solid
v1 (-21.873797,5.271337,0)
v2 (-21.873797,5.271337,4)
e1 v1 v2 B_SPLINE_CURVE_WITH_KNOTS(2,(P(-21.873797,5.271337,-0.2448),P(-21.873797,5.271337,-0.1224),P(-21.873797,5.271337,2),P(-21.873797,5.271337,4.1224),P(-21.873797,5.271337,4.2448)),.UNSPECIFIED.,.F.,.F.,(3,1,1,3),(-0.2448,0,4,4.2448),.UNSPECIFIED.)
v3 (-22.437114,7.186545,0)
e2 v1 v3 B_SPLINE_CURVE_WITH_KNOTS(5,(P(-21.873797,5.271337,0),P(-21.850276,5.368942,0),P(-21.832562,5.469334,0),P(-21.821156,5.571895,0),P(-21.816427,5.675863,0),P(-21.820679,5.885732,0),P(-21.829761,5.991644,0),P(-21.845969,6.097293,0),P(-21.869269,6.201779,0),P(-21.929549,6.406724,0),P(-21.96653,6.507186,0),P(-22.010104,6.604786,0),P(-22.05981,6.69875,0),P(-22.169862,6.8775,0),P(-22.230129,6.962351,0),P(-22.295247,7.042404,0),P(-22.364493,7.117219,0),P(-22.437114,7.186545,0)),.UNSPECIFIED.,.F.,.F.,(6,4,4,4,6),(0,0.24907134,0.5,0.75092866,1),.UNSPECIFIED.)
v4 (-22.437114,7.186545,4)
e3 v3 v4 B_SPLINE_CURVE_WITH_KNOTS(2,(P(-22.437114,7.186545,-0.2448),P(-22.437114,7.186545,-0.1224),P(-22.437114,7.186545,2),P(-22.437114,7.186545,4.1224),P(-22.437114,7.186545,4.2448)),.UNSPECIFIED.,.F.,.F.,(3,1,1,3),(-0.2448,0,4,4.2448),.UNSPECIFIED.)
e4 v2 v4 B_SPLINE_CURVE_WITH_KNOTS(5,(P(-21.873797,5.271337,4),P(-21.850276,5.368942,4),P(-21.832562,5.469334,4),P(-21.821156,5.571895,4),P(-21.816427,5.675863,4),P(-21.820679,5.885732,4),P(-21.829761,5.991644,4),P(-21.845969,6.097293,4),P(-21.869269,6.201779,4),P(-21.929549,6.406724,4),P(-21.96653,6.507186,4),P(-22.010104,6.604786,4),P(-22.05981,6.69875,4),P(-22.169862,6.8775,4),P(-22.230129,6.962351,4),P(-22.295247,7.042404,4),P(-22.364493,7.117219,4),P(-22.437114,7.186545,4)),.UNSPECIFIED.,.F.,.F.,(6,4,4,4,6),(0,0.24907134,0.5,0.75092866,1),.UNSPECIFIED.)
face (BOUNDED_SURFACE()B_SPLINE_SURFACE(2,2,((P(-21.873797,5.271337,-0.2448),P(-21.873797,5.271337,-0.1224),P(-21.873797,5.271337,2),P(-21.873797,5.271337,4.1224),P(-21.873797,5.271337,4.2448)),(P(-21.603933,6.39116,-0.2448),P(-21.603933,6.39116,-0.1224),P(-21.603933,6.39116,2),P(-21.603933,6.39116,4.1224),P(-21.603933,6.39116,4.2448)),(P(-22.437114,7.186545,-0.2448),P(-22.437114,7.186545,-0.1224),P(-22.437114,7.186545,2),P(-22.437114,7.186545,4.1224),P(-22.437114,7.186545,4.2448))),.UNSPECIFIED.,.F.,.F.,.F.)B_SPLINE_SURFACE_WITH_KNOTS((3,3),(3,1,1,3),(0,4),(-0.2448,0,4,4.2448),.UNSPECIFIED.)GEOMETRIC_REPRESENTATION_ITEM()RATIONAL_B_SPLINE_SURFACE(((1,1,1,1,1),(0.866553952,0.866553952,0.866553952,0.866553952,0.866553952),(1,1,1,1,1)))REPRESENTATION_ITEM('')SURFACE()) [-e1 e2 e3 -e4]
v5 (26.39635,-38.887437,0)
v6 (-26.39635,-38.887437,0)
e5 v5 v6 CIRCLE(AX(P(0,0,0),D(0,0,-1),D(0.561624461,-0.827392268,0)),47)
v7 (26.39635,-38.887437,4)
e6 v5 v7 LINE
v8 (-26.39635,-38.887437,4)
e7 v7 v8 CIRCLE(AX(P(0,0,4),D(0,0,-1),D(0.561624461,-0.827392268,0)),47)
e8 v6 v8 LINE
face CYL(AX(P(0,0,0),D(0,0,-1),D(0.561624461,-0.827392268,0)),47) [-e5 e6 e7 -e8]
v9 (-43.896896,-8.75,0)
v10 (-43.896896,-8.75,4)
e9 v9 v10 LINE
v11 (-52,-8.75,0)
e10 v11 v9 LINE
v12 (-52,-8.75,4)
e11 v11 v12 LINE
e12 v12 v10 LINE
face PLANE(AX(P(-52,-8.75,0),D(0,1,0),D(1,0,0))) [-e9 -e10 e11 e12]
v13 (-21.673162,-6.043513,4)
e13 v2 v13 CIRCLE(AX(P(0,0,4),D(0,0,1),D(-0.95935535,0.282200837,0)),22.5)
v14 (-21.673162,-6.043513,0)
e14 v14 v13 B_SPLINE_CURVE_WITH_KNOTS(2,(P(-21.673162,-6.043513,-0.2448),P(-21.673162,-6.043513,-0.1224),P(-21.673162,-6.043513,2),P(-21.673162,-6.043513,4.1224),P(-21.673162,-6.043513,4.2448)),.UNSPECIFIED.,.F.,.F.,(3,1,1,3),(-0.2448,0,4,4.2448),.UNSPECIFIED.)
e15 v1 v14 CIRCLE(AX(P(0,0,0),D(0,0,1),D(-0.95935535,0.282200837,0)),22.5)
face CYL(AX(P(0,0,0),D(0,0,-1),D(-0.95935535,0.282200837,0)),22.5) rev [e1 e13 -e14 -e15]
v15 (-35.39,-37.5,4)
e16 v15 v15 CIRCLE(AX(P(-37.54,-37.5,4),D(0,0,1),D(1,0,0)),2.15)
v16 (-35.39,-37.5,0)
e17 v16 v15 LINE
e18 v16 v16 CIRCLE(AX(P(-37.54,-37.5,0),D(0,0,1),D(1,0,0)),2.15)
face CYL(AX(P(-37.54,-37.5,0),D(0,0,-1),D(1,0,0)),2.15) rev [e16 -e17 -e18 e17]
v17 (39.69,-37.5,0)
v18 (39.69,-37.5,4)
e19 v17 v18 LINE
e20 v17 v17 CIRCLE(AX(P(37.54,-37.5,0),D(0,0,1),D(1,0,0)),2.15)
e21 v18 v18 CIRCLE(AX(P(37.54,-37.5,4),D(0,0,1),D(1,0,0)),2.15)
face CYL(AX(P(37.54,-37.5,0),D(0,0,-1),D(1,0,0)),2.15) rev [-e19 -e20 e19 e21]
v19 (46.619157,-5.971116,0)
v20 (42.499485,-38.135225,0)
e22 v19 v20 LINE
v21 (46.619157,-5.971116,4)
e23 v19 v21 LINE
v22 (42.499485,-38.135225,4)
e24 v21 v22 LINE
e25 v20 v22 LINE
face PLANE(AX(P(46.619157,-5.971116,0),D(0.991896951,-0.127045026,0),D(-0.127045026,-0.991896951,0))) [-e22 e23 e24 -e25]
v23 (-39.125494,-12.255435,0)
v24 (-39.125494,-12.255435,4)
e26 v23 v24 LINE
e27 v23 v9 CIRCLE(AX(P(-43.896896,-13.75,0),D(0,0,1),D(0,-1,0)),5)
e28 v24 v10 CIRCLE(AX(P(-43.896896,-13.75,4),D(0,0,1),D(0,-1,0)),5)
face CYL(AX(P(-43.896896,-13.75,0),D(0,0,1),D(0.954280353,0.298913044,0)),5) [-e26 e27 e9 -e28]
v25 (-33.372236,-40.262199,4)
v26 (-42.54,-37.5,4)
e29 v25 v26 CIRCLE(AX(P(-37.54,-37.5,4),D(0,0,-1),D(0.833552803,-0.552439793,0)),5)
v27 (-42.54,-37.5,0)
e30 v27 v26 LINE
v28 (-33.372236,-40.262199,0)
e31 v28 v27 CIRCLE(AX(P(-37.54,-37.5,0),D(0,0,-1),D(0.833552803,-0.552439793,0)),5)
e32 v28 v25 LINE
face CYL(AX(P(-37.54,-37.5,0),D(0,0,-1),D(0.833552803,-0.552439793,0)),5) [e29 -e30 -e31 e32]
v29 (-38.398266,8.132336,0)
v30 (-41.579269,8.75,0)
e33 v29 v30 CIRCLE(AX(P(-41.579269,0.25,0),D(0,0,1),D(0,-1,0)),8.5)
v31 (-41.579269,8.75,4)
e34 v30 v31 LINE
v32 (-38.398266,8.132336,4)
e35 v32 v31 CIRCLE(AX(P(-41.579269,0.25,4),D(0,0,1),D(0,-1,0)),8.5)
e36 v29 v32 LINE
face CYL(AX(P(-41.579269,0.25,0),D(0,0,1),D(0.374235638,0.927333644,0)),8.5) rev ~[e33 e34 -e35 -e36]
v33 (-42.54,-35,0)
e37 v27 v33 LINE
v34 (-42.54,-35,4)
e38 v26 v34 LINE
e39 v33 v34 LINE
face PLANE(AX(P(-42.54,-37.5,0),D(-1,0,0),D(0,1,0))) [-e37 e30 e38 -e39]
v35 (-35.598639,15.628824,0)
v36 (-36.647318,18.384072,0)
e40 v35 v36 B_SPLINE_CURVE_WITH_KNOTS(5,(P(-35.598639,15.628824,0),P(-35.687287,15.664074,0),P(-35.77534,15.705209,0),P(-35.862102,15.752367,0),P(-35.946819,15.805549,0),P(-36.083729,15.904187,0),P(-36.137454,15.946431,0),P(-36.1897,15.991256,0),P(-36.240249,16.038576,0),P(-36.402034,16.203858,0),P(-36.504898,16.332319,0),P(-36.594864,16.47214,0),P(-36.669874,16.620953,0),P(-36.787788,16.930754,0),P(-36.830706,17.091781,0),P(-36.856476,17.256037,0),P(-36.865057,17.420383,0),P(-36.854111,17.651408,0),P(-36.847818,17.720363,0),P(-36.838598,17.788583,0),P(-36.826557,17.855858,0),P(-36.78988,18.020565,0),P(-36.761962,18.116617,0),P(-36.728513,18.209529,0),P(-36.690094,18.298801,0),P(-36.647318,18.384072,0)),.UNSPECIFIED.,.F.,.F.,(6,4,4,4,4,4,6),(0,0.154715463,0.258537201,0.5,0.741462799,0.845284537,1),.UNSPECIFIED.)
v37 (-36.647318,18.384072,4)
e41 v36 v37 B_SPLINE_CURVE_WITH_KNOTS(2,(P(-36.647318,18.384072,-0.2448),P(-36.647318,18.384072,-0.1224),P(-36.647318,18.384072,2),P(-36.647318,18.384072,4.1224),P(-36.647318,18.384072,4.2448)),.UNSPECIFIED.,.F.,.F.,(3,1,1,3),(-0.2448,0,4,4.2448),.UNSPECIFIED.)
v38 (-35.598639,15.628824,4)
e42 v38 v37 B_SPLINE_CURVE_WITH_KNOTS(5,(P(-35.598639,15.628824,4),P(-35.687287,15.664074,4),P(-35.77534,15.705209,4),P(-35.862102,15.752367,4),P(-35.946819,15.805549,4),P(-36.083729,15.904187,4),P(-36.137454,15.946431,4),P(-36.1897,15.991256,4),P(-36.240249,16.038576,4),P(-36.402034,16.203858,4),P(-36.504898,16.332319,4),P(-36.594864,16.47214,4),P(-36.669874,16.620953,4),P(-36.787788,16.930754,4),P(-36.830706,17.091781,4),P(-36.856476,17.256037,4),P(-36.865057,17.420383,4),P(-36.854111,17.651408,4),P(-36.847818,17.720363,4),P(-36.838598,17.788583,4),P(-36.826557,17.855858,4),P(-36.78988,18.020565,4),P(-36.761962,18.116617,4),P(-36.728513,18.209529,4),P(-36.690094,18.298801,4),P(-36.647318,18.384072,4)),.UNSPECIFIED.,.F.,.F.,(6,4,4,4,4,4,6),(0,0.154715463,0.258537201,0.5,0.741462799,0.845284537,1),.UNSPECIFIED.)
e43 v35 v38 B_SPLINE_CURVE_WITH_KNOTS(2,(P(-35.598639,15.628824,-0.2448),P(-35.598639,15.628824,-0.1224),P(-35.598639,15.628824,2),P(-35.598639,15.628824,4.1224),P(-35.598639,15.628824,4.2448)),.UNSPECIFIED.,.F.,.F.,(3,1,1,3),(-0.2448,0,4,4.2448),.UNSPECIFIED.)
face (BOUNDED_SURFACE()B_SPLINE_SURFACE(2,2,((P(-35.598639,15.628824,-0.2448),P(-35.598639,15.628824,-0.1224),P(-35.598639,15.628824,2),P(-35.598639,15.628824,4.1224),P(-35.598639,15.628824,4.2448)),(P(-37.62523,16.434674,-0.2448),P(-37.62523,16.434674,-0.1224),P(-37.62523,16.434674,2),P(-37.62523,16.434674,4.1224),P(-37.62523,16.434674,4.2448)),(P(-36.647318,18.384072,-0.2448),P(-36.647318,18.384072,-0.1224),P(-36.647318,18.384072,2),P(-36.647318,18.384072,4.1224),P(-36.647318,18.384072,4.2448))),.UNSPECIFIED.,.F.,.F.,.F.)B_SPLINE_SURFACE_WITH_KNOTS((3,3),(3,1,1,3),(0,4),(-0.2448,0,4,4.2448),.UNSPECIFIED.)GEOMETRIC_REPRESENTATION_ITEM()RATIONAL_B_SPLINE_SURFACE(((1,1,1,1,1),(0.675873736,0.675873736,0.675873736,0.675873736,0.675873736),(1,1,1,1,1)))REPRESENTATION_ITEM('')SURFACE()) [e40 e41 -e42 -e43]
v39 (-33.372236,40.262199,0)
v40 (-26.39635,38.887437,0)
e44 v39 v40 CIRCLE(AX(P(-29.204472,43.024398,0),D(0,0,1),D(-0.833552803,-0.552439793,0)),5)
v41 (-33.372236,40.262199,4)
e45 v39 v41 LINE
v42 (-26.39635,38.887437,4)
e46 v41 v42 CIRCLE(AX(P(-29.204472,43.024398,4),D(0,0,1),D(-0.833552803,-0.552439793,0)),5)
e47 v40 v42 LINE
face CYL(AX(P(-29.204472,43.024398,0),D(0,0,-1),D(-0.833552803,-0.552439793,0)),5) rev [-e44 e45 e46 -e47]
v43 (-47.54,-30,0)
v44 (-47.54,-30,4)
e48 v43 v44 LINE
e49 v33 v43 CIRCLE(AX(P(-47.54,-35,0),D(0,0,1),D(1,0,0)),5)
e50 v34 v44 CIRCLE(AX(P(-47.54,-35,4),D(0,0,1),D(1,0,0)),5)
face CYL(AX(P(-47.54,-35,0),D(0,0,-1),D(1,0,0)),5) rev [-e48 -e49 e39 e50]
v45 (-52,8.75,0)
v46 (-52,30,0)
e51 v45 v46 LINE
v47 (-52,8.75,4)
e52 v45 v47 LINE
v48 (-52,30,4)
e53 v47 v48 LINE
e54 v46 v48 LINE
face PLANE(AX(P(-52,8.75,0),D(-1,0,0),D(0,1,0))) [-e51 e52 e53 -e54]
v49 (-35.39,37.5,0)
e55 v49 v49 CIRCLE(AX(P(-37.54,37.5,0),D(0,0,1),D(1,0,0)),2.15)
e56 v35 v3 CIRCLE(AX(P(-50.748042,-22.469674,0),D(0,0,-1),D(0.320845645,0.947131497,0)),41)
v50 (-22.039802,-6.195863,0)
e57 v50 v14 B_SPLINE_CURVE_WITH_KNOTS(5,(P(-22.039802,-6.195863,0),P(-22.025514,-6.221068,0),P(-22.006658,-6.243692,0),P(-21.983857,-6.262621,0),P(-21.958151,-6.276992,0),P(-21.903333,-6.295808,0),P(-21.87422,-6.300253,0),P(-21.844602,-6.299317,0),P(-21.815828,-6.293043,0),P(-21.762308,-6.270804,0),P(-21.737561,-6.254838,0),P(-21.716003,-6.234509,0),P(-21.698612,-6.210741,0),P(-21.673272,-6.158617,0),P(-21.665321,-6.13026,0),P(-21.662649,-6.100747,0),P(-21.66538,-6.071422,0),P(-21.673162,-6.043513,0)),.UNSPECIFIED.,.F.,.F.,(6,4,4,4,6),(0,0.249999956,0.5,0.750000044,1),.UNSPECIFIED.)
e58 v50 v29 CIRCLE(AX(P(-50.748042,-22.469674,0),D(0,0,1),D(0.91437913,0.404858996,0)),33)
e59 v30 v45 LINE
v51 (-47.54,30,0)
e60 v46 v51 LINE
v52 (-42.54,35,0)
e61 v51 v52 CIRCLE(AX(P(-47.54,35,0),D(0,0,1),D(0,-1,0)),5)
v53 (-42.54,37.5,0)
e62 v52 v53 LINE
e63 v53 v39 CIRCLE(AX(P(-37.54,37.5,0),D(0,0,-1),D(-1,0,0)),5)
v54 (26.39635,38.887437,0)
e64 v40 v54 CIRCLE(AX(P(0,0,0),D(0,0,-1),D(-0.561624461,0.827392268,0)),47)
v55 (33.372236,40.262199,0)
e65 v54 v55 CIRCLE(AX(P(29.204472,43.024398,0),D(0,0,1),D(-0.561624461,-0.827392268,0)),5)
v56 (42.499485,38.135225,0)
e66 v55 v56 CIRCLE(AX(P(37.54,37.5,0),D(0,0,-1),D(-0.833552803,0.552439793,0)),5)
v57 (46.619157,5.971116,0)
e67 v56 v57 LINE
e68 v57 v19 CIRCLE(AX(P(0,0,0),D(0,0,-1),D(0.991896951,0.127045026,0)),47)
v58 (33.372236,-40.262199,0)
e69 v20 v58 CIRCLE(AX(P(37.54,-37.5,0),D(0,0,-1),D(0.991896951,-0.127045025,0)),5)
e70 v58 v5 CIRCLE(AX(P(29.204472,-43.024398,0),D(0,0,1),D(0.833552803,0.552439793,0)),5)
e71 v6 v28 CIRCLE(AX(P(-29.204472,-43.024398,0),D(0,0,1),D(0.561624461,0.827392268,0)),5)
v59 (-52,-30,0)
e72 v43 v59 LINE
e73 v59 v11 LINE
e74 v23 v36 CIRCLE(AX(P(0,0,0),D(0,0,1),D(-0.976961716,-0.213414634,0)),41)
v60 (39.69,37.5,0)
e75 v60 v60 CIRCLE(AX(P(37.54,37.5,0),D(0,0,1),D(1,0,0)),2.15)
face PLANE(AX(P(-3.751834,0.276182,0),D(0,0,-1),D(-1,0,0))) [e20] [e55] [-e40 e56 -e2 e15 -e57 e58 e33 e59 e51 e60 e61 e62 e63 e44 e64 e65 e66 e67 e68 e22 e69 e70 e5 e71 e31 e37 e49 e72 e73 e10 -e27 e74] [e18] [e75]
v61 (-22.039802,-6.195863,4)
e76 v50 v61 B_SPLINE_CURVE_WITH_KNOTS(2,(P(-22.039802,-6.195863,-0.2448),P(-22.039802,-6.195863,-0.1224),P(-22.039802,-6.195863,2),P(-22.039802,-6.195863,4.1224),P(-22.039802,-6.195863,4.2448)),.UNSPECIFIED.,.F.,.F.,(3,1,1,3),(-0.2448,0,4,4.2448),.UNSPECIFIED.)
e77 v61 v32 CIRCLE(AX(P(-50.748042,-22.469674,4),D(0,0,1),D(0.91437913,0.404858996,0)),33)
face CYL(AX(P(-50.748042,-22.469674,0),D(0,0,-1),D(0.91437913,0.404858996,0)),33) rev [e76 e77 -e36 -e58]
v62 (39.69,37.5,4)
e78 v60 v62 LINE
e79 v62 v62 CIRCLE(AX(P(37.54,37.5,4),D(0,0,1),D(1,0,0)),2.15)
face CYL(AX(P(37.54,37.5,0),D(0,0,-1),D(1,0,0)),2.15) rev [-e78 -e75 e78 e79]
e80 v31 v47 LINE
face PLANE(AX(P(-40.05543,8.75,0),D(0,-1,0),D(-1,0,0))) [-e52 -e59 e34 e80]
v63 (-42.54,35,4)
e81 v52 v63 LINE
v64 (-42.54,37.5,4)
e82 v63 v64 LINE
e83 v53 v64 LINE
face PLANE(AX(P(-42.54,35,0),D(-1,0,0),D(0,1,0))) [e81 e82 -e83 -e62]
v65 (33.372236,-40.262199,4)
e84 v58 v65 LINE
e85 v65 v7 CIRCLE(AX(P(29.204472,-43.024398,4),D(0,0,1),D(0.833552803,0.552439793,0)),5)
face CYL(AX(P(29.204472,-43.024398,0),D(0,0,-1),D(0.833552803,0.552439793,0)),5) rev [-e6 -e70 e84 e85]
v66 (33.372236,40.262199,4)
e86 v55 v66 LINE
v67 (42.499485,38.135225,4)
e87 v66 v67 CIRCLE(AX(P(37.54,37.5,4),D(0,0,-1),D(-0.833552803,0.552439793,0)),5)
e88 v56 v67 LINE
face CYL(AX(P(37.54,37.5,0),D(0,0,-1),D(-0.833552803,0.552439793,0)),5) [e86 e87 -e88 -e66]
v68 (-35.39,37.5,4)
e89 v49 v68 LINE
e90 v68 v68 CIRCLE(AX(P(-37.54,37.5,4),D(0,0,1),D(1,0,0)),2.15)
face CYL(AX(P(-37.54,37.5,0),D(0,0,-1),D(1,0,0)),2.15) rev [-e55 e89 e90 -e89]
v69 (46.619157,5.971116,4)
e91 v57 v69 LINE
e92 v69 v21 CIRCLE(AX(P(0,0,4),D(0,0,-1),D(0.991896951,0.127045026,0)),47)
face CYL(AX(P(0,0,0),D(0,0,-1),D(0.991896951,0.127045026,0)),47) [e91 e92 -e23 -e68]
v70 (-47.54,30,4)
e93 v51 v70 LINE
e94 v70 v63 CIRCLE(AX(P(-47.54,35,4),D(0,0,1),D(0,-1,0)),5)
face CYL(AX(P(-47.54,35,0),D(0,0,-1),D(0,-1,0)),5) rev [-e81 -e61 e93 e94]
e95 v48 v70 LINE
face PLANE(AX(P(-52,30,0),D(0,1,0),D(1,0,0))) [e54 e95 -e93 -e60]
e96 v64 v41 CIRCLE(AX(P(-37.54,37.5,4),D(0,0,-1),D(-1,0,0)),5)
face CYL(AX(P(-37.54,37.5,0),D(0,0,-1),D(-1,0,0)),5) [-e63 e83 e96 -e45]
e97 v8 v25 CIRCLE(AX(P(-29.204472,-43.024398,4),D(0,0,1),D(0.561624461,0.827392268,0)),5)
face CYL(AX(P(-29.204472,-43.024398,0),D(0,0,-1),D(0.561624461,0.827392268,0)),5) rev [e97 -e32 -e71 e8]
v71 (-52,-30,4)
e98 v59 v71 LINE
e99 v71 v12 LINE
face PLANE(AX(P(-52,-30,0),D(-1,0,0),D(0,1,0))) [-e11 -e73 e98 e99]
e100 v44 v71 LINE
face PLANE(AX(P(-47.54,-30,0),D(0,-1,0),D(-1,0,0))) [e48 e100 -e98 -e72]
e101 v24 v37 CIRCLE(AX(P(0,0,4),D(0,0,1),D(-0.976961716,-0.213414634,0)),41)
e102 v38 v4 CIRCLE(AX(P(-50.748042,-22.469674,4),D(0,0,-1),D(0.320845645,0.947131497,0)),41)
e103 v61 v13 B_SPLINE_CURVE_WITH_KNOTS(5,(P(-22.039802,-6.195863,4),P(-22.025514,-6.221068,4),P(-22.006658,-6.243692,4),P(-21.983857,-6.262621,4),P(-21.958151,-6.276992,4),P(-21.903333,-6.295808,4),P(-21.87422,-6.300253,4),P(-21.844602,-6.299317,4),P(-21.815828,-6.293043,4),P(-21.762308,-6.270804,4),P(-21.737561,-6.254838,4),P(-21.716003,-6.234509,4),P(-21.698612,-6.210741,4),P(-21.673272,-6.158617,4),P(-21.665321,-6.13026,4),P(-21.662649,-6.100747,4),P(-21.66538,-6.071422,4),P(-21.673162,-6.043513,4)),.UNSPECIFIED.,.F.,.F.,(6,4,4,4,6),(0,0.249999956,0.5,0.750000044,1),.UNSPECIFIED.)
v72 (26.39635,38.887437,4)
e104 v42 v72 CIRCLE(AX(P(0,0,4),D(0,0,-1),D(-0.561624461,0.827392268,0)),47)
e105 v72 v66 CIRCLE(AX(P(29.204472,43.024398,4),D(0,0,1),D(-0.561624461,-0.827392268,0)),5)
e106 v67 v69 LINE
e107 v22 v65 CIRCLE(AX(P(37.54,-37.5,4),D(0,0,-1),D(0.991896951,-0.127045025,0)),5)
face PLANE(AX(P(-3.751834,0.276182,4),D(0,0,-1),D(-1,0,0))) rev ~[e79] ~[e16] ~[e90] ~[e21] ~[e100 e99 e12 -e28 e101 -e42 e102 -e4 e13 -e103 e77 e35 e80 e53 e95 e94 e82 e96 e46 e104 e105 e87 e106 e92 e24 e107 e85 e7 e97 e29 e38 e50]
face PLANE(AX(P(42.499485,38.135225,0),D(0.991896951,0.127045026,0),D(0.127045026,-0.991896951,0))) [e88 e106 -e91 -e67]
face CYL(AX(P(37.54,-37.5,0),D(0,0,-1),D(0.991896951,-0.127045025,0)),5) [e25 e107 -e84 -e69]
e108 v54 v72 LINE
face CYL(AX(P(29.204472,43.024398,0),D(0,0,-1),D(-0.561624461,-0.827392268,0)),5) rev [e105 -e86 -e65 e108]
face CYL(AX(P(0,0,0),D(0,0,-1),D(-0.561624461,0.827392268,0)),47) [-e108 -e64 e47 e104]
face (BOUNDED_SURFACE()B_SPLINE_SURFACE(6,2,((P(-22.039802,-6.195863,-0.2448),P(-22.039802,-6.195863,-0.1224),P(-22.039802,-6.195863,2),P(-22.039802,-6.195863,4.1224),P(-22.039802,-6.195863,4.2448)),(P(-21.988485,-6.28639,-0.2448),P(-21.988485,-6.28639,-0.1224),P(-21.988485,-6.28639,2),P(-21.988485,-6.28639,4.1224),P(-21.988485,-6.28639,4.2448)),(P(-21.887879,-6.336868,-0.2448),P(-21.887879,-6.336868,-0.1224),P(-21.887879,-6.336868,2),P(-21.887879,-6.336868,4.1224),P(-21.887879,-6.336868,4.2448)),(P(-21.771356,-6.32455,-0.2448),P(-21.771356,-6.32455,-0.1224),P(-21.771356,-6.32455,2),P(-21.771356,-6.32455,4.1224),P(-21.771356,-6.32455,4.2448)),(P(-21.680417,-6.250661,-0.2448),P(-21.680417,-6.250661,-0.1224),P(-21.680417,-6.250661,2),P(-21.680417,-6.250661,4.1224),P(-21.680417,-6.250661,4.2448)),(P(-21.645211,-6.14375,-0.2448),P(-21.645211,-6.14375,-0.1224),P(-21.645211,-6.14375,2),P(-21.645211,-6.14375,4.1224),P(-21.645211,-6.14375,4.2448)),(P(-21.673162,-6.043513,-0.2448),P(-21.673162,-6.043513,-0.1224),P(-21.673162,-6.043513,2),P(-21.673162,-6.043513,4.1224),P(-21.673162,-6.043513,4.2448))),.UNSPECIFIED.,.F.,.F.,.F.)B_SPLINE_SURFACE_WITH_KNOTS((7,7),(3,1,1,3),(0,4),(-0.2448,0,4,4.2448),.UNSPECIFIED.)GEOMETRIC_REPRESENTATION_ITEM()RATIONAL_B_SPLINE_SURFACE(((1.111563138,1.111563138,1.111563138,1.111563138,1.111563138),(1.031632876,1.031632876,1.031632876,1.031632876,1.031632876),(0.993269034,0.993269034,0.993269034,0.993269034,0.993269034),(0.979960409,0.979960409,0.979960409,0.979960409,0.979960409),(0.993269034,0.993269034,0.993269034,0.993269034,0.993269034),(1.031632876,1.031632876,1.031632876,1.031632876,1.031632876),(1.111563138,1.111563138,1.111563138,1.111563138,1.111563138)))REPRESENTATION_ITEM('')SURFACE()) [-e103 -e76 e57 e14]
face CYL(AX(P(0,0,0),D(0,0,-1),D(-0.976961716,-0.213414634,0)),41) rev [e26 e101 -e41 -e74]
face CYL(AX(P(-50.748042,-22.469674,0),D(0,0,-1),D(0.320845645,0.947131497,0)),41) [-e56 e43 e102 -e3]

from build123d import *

# Parameters (mm, degrees)
SKETCH_1_R      = 2.15
EXTRUDE_1_DEPTH = 4
FILLET_1_R      = 0.2
FILLET_2_R      = 2
FILLET_3_R      = 2
FILLET_4_R      = 8.5
FILLET_5_R      = 5


with BuildPart() as part:
    # 草图1 → 凸台-拉伸1 (new body)
    with BuildSketch(Plane.XY):
        with BuildLine():
            Line((-52, 8.75), (-52, 30))
            Line((-52, 30), (-47.54, 30))
            ThreePointArc((-47.54, 30), (-44.004466094, 31.464466094), (-42.54, 35))
            Line((-42.54, 35), (-42.54, 37.5))
            ThreePointArc((-42.54, 37.5), (-38.982425028, 42.287422066), (-33.372235985, 40.262198963))
            ThreePointArc((-33.372235985, 40.262198963), (-30.171244586, 38.118753147), (-26.396349665, 38.887436588))
            ThreePointArc((-26.396349665, 38.887436588), (0, 47), (26.396349665, 38.887436588))
            ThreePointArc((26.396349665, 38.887436588), (30.171244586, 38.118753147), (33.372235985, 40.262198963))
            ThreePointArc((33.372235985, 40.262198963), (38.674773042, 42.369526686), (42.499484755, 38.135225128))
            Line((42.499484755, 38.135225128), (46.619156699, 5.971116201))
            ThreePointArc((46.619156699, 5.971116201), (47, 0), (46.619156699, -5.971116201))
            Line((46.619156699, -5.971116201), (42.499484755, -38.135225128))
            ThreePointArc((42.499484755, -38.135225128), (38.674773042, -42.369526686), (33.372235985, -40.262198963))
            ThreePointArc((33.372235985, -40.262198963), (30.171244586, -38.118753147), (26.396349665, -38.887436588))
            ThreePointArc((26.396349665, -38.887436588), (0, -47), (-26.396349665, -38.887436588))
            ThreePointArc((-26.396349665, -38.887436588), (-30.171244586, -38.118753147), (-33.372235985, -40.262198963))
            ThreePointArc((-33.372235985, -40.262198963), (-38.982425028, -42.287422066), (-42.54, -37.5))
            Line((-42.54, -37.5), (-42.54, -35))
            ThreePointArc((-42.54, -35), (-44.004466094, -31.464466094), (-47.54, -30))
            Line((-47.54, -30), (-52, -30))
            Line((-52, -30), (-52, -8.75))
            Line((-52, -8.75), (-40.055430343, -8.75))
            ThreePointArc((-40.055430343, -8.75), (40.804364959, -4.000475011), (-37.593370285, 16.362717092))
            ThreePointArc((-37.593370285, 16.362717092), (-29.005163231, 12.290176631), (-21.585495377, 6.349518825))
            ThreePointArc((-21.585495377, 6.349518825), (-22.451945258, -1.469746278), (-20.573530425, -9.10932741))
            ThreePointArc((-20.573530425, -9.10932741), (-28.44850534, 1.855840669), (-40.055430343, 8.75))
            Line((-40.055430343, 8.75), (-52, 8.75))
        make_face()
        with Locations((-37.54, 37.5)):
            Circle(SKETCH_1_R, mode=Mode.SUBTRACT)
        with Locations((-37.54, -37.5)):
            Circle(SKETCH_1_R, mode=Mode.SUBTRACT)
        with Locations((37.54, -37.5)):
            Circle(SKETCH_1_R, mode=Mode.SUBTRACT)
        with Locations((37.54, 37.5)):
            Circle(SKETCH_1_R, mode=Mode.SUBTRACT)
    extrude(amount=EXTRUDE_1_DEPTH)

    # 圆角1
    fillet_1_edges = [part.edges().sort_by_distance(p)[0] for p in [
        (-20.573530425, -9.10932741, 2),
    ]]
    fillet(fillet_1_edges, radius=FILLET_1_R)

    # 圆角2
    fillet_2_edges = [part.edges().sort_by_distance(p)[0] for p in [
        (-21.585495377, 6.349518825, 2),
    ]]
    fillet(fillet_2_edges, radius=FILLET_2_R)

    # 圆角3
    fillet_3_edges = [part.edges().sort_by_distance(p)[0] for p in [
        (-37.593370285, 16.362717092, 2),
    ]]
    fillet(fillet_3_edges, radius=FILLET_3_R)

    # 圆角4
    fillet_4_edges = [part.edges().sort_by_distance(p)[0] for p in [
        (-40.055430343, 8.75, 2),
    ]]
    fillet(fillet_4_edges, radius=FILLET_4_R)

    # 圆角5
    fillet_5_edges = [part.edges().sort_by_distance(p)[0] for p in [
        (-40.055430343, -8.75, 2),
    ]]
    fillet(fillet_5_edges, radius=FILLET_5_R)


solid = part.part
